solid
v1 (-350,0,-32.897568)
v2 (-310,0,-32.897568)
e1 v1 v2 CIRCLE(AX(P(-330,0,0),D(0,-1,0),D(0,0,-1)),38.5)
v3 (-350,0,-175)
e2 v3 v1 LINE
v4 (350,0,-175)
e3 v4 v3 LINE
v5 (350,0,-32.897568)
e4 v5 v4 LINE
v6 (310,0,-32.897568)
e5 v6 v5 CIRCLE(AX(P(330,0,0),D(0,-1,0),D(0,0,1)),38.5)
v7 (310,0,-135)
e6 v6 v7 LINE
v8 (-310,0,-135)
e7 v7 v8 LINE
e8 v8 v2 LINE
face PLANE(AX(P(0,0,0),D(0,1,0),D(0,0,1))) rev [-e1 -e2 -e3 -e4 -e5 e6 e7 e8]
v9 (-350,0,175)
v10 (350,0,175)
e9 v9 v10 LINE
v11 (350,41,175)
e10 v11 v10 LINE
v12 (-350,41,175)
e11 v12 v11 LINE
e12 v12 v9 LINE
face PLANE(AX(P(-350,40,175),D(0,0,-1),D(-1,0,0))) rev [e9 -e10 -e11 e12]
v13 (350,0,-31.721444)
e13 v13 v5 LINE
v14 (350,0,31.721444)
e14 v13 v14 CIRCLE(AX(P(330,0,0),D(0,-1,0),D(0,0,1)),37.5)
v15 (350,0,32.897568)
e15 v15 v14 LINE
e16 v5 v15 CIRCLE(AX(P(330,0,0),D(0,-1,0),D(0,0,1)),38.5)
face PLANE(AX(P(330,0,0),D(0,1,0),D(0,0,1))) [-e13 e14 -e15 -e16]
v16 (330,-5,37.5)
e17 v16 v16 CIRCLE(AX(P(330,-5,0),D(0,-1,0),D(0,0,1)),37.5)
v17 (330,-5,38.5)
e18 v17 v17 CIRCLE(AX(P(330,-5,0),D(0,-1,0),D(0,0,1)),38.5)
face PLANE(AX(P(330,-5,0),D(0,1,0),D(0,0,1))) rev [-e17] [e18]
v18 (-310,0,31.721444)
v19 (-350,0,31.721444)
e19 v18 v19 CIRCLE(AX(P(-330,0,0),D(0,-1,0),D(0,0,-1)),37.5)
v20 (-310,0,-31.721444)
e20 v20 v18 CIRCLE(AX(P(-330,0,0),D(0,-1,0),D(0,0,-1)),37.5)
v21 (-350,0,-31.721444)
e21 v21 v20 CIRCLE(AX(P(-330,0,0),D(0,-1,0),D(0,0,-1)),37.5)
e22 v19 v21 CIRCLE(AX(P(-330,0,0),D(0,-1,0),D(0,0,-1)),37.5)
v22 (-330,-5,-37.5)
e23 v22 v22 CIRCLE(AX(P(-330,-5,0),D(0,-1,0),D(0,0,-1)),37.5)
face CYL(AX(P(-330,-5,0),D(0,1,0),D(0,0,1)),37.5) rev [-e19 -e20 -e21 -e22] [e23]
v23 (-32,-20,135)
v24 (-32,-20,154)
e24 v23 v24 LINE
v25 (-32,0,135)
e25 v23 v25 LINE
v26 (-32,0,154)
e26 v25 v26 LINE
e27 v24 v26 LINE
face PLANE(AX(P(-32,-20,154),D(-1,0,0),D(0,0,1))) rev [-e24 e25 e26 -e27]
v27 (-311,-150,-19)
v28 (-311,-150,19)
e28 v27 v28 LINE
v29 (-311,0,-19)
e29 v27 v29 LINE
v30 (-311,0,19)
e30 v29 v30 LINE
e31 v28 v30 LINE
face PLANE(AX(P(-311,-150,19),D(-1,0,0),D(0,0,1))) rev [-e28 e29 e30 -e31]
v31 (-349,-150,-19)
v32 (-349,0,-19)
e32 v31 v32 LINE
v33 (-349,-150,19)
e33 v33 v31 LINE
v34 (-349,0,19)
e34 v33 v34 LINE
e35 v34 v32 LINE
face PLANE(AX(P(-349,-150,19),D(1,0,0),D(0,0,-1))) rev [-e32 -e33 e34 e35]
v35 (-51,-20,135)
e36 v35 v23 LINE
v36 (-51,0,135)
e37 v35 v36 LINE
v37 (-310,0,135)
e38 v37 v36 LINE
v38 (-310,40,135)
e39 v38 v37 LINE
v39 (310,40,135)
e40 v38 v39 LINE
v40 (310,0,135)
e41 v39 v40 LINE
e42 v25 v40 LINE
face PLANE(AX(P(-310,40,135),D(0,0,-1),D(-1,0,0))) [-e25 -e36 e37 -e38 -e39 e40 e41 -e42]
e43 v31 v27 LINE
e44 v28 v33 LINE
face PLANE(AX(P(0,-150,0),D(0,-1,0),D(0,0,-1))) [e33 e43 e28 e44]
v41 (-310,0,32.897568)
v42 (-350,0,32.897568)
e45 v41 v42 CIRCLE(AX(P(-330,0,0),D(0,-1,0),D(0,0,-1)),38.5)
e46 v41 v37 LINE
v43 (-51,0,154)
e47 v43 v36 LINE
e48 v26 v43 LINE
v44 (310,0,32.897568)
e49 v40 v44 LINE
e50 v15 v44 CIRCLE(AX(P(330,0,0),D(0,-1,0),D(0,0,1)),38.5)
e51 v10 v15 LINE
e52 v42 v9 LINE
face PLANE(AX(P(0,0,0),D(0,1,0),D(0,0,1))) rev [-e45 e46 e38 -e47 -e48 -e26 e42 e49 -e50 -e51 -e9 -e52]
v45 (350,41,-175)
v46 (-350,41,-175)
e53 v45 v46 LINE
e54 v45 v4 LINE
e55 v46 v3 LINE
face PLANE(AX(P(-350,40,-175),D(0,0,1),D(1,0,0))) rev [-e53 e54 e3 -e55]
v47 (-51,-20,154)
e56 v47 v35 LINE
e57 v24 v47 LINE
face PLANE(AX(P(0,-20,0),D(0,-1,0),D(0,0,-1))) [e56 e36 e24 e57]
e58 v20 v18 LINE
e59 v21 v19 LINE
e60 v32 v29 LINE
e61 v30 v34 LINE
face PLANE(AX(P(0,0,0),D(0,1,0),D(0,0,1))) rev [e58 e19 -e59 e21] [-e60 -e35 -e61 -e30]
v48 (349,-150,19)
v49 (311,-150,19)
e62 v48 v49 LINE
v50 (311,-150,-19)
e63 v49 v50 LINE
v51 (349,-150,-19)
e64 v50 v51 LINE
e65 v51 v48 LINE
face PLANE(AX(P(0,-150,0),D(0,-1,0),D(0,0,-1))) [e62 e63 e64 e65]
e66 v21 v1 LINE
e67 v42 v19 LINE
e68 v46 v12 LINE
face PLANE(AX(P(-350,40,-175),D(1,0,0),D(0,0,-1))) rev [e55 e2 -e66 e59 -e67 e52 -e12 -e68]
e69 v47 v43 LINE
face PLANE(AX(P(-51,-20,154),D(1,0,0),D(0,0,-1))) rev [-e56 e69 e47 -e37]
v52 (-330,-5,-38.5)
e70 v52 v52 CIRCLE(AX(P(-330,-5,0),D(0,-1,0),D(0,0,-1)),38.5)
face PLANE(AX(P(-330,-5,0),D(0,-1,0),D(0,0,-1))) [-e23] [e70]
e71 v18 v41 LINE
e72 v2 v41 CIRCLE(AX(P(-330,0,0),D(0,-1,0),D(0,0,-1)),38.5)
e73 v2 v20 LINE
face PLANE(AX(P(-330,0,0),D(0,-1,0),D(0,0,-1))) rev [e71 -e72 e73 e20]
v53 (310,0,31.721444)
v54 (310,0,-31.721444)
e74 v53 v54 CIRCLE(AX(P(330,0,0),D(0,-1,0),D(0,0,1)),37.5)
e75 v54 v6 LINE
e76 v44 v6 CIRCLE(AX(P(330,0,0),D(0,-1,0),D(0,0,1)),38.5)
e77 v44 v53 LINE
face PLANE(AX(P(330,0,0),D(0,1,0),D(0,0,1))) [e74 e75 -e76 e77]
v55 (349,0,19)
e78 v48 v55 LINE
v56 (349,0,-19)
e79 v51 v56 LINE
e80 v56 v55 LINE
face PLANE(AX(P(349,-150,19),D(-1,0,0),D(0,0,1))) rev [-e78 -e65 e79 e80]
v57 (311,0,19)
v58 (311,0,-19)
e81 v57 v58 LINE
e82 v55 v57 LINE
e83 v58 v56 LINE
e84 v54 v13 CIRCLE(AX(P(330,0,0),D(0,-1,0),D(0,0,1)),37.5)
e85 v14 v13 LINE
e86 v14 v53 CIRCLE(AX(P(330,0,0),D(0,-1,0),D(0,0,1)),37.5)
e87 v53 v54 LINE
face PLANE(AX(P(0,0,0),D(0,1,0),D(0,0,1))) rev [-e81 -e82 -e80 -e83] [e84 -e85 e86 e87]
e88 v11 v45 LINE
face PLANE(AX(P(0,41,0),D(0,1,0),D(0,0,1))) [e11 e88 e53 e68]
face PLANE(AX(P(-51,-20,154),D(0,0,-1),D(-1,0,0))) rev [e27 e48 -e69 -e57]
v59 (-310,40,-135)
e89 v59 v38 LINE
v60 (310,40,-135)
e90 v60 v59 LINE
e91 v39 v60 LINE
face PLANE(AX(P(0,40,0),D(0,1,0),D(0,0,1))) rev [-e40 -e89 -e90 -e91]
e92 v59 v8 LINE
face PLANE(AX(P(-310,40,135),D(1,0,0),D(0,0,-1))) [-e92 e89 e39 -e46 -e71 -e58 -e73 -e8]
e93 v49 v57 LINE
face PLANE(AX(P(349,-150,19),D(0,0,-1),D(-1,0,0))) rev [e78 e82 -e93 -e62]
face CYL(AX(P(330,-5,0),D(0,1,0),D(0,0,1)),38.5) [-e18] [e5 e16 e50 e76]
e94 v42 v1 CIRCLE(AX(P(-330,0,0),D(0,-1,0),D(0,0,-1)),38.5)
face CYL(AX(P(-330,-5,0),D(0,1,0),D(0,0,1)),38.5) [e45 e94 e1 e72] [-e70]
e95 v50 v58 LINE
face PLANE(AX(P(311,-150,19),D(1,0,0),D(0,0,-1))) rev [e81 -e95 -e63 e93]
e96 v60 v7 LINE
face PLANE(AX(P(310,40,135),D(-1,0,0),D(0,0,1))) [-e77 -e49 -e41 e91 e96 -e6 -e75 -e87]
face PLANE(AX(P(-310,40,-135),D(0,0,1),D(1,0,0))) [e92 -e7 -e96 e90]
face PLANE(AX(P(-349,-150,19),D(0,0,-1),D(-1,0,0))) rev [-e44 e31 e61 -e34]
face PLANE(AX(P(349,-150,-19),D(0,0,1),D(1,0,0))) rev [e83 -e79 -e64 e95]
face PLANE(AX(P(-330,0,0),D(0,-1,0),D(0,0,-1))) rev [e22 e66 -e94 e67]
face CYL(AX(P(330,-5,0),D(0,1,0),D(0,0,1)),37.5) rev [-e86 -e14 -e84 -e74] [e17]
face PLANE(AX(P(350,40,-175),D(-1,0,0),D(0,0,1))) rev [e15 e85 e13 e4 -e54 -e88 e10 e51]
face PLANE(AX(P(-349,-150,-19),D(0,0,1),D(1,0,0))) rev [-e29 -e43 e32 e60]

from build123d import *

# Parameters (mm, degrees)
SKETCH1_W           = 700
SKETCH1_H           = 350
SKETCH1_W_2         = 620
SKETCH1_H_2         = 270
BOSS_EXTRUDE1_DEPTH = 40
SKETCH2_W           = 700
SKETCH2_H           = 350
BOSS_EXTRUDE2_DEPTH = 1
SKETCH3_W           = 38
SKETCH3_H           = 38
BOSS_EXTRUDE3_DEPTH = 150
SKETCH4_W           = 19
SKETCH4_H           = 19
BOSS_EXTRUDE4_DEPTH = 20
SKETCH5_R           = 38.5
SKETCH5_R_2         = 37.5
BOSS_EXTRUDE5_DEPTH = 5


with BuildPart() as part:
    # Sketch1 → Boss-Extrude1 (new body)
    with BuildSketch(Plane(origin=(0, 0, 0), x_dir=(1, 0, 0), z_dir=(0, 1, 0))):
        Rectangle(SKETCH1_W, SKETCH1_H)
        Rectangle(SKETCH1_W_2, SKETCH1_H_2, mode=Mode.SUBTRACT)
    extrude(amount=BOSS_EXTRUDE1_DEPTH)

    # Sketch2 → Boss-Extrude2 (add)
    with BuildSketch(Plane(origin=(0, 40, 0), x_dir=(1, 0, 0), z_dir=(0, 1, 0))):
        Rectangle(SKETCH2_W, SKETCH2_H)
    extrude(amount=BOSS_EXTRUDE2_DEPTH)

    # Sketch3 → Boss-Extrude3 (add)
    with BuildSketch(Plane.XZ):
        with Locations((-330, 0)):
            Rectangle(SKETCH3_W, SKETCH3_H)
        with Locations((330, 0)):
            Rectangle(SKETCH3_W, SKETCH3_H)
    extrude(amount=BOSS_EXTRUDE3_DEPTH)

    # Sketch4 → Boss-Extrude4 (add)
    with BuildSketch(Plane.XZ):
        with Locations((-41.5, 144.5)):
            Rectangle(SKETCH4_W, SKETCH4_H)
    extrude(amount=BOSS_EXTRUDE4_DEPTH)

    # Sketch5 → Boss-Extrude5 (add)
    with BuildSketch(Plane.XZ):
        with Locations((-330, 0)):
            Circle(SKETCH5_R)
        with Locations((-330, 0)):
            Circle(SKETCH5_R_2, mode=Mode.SUBTRACT)
        with Locations((330, 0)):
            Circle(SKETCH5_R)
        with Locations((330, 0)):
            Circle(SKETCH5_R_2, mode=Mode.SUBTRACT)
    extrude(amount=BOSS_EXTRUDE5_DEPTH)


solid = part.part
